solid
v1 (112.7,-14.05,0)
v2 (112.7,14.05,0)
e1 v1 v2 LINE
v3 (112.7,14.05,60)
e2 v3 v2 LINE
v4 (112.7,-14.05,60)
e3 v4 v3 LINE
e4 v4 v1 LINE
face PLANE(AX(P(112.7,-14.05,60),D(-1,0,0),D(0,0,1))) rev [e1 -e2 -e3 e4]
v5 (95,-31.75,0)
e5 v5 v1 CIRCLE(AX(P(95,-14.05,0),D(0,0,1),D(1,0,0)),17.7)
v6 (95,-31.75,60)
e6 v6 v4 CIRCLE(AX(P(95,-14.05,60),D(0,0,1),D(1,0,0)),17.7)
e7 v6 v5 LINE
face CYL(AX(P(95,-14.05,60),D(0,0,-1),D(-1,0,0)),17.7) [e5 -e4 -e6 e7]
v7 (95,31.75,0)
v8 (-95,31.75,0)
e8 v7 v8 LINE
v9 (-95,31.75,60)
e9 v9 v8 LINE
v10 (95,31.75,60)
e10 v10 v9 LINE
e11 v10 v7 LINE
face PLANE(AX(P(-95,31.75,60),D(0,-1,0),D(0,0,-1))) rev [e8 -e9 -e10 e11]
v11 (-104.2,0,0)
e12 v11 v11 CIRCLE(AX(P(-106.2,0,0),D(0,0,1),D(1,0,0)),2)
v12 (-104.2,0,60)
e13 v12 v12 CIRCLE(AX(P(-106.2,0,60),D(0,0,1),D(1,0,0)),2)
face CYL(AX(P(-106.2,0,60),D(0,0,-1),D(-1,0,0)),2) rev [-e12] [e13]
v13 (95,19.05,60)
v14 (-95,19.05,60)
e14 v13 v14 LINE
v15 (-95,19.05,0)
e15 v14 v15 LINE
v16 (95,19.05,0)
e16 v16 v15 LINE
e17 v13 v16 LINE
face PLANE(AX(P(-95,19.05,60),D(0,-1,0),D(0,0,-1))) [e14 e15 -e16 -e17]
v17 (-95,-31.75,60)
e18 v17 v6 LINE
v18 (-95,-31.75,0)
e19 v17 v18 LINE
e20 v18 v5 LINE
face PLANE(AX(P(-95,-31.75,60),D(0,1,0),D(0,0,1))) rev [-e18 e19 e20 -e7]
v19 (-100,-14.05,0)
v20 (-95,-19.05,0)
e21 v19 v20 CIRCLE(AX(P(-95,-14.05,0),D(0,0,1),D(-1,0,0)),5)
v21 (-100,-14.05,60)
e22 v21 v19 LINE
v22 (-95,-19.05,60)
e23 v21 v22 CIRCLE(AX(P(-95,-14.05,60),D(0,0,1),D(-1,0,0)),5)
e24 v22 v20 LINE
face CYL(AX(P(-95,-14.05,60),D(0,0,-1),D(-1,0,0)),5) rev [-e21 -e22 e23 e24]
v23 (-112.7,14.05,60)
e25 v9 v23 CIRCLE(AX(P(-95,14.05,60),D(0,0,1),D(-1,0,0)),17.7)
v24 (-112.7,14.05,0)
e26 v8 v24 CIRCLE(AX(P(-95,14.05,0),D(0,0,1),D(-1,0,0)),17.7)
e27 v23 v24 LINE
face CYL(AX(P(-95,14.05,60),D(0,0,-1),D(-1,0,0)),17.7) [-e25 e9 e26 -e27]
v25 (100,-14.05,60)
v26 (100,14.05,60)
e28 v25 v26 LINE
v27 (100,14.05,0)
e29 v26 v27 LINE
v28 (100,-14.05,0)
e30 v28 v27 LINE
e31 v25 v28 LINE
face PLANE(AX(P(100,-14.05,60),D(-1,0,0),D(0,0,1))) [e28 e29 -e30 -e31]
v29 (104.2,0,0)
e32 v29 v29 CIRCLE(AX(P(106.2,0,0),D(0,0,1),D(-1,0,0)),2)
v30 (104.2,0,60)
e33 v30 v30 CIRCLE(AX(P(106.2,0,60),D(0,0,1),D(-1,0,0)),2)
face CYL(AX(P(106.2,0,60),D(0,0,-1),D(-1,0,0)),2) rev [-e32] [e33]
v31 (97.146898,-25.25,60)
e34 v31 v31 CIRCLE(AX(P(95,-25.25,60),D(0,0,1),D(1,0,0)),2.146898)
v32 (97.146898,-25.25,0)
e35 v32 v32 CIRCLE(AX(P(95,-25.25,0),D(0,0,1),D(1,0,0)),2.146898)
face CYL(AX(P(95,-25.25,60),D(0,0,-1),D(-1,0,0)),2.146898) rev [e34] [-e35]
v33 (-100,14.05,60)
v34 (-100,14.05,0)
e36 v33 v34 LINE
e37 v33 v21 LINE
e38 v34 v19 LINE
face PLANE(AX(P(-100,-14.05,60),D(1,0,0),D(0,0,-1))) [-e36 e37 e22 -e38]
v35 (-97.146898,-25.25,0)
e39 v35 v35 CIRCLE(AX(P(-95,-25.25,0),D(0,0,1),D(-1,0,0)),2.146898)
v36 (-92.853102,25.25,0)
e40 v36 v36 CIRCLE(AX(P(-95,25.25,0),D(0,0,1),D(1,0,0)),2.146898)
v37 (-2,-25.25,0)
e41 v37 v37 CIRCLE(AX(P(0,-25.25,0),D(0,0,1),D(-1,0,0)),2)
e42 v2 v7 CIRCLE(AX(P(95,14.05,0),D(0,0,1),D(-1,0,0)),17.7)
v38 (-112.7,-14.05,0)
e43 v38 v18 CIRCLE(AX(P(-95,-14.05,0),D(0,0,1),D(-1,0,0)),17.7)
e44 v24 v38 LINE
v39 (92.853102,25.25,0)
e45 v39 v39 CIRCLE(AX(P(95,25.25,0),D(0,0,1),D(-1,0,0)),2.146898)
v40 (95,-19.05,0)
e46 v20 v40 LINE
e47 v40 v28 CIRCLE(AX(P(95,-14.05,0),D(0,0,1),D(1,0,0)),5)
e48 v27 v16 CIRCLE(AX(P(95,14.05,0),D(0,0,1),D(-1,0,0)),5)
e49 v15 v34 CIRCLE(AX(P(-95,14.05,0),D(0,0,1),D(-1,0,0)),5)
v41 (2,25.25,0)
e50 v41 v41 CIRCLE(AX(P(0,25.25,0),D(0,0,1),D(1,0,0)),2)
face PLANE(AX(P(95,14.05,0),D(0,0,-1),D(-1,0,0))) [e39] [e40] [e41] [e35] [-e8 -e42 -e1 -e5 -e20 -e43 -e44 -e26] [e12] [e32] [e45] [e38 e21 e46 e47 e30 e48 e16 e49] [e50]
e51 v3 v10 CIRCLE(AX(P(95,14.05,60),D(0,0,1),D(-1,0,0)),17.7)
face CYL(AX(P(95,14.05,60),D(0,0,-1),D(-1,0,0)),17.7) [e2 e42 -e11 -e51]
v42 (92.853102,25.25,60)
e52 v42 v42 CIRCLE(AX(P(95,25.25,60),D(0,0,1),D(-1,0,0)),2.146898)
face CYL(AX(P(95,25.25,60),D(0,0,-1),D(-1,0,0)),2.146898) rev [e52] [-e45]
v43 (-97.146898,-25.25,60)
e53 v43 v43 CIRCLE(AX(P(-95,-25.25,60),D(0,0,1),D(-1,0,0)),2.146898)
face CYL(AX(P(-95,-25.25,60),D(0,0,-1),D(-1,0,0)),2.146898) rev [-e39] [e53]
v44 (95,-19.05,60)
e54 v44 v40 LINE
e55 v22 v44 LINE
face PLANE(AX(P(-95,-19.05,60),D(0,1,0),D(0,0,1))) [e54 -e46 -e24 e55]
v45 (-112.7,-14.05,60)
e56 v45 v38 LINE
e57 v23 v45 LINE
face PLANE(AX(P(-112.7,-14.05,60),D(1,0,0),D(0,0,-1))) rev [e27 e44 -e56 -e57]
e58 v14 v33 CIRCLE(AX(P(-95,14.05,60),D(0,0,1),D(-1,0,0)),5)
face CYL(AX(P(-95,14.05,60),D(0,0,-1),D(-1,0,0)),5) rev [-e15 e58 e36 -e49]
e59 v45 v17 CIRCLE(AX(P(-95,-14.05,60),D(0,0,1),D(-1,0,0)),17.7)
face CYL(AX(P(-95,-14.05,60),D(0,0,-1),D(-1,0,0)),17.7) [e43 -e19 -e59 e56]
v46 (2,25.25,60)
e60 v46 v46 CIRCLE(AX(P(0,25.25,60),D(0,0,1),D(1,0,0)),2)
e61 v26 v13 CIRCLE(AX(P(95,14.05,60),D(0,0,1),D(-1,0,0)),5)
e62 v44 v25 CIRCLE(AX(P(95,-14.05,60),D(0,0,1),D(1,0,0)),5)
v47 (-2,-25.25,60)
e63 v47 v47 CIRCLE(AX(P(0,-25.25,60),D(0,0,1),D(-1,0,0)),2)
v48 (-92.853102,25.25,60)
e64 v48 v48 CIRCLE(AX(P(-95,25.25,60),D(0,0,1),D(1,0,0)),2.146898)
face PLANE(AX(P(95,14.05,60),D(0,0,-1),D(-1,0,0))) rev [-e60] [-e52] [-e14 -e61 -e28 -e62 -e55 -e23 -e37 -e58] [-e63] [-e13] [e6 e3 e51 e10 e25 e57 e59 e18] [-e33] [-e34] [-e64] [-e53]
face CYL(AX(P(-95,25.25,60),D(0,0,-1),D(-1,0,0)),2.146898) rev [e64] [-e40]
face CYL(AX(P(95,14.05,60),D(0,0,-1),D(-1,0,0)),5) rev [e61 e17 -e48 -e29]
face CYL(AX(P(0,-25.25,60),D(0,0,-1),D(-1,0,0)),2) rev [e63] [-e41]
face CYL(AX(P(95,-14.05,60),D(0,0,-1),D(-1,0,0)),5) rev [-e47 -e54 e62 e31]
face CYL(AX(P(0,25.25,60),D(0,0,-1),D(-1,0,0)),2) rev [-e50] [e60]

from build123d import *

# Parameters (mm, degrees)
ESQUISSE1_R        = 2
ESQUISSE1_R_2      = 2.146897886
BOSS_EXTRU_1_DEPTH = 60


with BuildPart() as part:
    # Esquisse1 → Boss.-Extru.1 (new body)
    with BuildSketch(Plane.XY):
        with BuildLine():
            Line((-95, -31.75), (95, -31.75))
            ThreePointArc((95, -31.75), (107.515790027, -26.565790027), (112.7, -14.05))
            Line((112.7, -14.05), (112.7, 14.05))
            ThreePointArc((112.7, 14.05), (107.515790027, 26.565790027), (95, 31.75))
            Line((95, 31.75), (-95, 31.75))
            ThreePointArc((-95, 31.75), (-107.515790027, 26.565790027), (-112.7, 14.05))
            Line((-112.7, 14.05), (-112.7, -14.05))
            ThreePointArc((-112.7, -14.05), (-107.515790027, -26.565790027), (-95, -31.75))
        make_face()
        with Locations((-106.2, 0)):
            Circle(ESQUISSE1_R, mode=Mode.SUBTRACT)
        with Locations((0, 25.25)):
            Circle(ESQUISSE1_R, mode=Mode.SUBTRACT)
        with Locations((-95, 25.25)):
            Circle(ESQUISSE1_R_2, mode=Mode.SUBTRACT)
        with Locations(Location((-95, -25.25, 0), (0, 0, 180))):
            Circle(ESQUISSE1_R_2, mode=Mode.SUBTRACT)
        with Locations(Location((0, -25.25, 0), (0, 0, 180))):
            Circle(ESQUISSE1_R, mode=Mode.SUBTRACT)
        with Locations((95, -25.25)):
            Circle(ESQUISSE1_R_2, mode=Mode.SUBTRACT)
        with Locations(Location((106.2, 0, 0), (0, 0, 180))):
            Circle(ESQUISSE1_R, mode=Mode.SUBTRACT)
        with Locations(Location((95, 25.25, 0), (0, 0, 180))):
            Circle(ESQUISSE1_R_2, mode=Mode.SUBTRACT)
        with BuildLine():
            Line((-95, -19.05), (95, -19.05))
            ThreePointArc((95, -19.05), (98.535533906, -17.585533906), (100, -14.05))
            Line((100, -14.05), (100, 14.05))
            ThreePointArc((100, 14.05), (98.535533906, 17.585533906), (95, 19.05))
            Line((95, 19.05), (-95, 19.05))
            ThreePointArc((-95, 19.05), (-98.535533906, 17.585533906), (-100, 14.05))
            Line((-100, 14.05), (-100, -14.05))
            ThreePointArc((-100, -14.05), (-98.535533906, -17.585533906), (-95, -19.05))
        make_face(mode=Mode.SUBTRACT)
    extrude(amount=BOSS_EXTRU_1_DEPTH)


solid = part.part
